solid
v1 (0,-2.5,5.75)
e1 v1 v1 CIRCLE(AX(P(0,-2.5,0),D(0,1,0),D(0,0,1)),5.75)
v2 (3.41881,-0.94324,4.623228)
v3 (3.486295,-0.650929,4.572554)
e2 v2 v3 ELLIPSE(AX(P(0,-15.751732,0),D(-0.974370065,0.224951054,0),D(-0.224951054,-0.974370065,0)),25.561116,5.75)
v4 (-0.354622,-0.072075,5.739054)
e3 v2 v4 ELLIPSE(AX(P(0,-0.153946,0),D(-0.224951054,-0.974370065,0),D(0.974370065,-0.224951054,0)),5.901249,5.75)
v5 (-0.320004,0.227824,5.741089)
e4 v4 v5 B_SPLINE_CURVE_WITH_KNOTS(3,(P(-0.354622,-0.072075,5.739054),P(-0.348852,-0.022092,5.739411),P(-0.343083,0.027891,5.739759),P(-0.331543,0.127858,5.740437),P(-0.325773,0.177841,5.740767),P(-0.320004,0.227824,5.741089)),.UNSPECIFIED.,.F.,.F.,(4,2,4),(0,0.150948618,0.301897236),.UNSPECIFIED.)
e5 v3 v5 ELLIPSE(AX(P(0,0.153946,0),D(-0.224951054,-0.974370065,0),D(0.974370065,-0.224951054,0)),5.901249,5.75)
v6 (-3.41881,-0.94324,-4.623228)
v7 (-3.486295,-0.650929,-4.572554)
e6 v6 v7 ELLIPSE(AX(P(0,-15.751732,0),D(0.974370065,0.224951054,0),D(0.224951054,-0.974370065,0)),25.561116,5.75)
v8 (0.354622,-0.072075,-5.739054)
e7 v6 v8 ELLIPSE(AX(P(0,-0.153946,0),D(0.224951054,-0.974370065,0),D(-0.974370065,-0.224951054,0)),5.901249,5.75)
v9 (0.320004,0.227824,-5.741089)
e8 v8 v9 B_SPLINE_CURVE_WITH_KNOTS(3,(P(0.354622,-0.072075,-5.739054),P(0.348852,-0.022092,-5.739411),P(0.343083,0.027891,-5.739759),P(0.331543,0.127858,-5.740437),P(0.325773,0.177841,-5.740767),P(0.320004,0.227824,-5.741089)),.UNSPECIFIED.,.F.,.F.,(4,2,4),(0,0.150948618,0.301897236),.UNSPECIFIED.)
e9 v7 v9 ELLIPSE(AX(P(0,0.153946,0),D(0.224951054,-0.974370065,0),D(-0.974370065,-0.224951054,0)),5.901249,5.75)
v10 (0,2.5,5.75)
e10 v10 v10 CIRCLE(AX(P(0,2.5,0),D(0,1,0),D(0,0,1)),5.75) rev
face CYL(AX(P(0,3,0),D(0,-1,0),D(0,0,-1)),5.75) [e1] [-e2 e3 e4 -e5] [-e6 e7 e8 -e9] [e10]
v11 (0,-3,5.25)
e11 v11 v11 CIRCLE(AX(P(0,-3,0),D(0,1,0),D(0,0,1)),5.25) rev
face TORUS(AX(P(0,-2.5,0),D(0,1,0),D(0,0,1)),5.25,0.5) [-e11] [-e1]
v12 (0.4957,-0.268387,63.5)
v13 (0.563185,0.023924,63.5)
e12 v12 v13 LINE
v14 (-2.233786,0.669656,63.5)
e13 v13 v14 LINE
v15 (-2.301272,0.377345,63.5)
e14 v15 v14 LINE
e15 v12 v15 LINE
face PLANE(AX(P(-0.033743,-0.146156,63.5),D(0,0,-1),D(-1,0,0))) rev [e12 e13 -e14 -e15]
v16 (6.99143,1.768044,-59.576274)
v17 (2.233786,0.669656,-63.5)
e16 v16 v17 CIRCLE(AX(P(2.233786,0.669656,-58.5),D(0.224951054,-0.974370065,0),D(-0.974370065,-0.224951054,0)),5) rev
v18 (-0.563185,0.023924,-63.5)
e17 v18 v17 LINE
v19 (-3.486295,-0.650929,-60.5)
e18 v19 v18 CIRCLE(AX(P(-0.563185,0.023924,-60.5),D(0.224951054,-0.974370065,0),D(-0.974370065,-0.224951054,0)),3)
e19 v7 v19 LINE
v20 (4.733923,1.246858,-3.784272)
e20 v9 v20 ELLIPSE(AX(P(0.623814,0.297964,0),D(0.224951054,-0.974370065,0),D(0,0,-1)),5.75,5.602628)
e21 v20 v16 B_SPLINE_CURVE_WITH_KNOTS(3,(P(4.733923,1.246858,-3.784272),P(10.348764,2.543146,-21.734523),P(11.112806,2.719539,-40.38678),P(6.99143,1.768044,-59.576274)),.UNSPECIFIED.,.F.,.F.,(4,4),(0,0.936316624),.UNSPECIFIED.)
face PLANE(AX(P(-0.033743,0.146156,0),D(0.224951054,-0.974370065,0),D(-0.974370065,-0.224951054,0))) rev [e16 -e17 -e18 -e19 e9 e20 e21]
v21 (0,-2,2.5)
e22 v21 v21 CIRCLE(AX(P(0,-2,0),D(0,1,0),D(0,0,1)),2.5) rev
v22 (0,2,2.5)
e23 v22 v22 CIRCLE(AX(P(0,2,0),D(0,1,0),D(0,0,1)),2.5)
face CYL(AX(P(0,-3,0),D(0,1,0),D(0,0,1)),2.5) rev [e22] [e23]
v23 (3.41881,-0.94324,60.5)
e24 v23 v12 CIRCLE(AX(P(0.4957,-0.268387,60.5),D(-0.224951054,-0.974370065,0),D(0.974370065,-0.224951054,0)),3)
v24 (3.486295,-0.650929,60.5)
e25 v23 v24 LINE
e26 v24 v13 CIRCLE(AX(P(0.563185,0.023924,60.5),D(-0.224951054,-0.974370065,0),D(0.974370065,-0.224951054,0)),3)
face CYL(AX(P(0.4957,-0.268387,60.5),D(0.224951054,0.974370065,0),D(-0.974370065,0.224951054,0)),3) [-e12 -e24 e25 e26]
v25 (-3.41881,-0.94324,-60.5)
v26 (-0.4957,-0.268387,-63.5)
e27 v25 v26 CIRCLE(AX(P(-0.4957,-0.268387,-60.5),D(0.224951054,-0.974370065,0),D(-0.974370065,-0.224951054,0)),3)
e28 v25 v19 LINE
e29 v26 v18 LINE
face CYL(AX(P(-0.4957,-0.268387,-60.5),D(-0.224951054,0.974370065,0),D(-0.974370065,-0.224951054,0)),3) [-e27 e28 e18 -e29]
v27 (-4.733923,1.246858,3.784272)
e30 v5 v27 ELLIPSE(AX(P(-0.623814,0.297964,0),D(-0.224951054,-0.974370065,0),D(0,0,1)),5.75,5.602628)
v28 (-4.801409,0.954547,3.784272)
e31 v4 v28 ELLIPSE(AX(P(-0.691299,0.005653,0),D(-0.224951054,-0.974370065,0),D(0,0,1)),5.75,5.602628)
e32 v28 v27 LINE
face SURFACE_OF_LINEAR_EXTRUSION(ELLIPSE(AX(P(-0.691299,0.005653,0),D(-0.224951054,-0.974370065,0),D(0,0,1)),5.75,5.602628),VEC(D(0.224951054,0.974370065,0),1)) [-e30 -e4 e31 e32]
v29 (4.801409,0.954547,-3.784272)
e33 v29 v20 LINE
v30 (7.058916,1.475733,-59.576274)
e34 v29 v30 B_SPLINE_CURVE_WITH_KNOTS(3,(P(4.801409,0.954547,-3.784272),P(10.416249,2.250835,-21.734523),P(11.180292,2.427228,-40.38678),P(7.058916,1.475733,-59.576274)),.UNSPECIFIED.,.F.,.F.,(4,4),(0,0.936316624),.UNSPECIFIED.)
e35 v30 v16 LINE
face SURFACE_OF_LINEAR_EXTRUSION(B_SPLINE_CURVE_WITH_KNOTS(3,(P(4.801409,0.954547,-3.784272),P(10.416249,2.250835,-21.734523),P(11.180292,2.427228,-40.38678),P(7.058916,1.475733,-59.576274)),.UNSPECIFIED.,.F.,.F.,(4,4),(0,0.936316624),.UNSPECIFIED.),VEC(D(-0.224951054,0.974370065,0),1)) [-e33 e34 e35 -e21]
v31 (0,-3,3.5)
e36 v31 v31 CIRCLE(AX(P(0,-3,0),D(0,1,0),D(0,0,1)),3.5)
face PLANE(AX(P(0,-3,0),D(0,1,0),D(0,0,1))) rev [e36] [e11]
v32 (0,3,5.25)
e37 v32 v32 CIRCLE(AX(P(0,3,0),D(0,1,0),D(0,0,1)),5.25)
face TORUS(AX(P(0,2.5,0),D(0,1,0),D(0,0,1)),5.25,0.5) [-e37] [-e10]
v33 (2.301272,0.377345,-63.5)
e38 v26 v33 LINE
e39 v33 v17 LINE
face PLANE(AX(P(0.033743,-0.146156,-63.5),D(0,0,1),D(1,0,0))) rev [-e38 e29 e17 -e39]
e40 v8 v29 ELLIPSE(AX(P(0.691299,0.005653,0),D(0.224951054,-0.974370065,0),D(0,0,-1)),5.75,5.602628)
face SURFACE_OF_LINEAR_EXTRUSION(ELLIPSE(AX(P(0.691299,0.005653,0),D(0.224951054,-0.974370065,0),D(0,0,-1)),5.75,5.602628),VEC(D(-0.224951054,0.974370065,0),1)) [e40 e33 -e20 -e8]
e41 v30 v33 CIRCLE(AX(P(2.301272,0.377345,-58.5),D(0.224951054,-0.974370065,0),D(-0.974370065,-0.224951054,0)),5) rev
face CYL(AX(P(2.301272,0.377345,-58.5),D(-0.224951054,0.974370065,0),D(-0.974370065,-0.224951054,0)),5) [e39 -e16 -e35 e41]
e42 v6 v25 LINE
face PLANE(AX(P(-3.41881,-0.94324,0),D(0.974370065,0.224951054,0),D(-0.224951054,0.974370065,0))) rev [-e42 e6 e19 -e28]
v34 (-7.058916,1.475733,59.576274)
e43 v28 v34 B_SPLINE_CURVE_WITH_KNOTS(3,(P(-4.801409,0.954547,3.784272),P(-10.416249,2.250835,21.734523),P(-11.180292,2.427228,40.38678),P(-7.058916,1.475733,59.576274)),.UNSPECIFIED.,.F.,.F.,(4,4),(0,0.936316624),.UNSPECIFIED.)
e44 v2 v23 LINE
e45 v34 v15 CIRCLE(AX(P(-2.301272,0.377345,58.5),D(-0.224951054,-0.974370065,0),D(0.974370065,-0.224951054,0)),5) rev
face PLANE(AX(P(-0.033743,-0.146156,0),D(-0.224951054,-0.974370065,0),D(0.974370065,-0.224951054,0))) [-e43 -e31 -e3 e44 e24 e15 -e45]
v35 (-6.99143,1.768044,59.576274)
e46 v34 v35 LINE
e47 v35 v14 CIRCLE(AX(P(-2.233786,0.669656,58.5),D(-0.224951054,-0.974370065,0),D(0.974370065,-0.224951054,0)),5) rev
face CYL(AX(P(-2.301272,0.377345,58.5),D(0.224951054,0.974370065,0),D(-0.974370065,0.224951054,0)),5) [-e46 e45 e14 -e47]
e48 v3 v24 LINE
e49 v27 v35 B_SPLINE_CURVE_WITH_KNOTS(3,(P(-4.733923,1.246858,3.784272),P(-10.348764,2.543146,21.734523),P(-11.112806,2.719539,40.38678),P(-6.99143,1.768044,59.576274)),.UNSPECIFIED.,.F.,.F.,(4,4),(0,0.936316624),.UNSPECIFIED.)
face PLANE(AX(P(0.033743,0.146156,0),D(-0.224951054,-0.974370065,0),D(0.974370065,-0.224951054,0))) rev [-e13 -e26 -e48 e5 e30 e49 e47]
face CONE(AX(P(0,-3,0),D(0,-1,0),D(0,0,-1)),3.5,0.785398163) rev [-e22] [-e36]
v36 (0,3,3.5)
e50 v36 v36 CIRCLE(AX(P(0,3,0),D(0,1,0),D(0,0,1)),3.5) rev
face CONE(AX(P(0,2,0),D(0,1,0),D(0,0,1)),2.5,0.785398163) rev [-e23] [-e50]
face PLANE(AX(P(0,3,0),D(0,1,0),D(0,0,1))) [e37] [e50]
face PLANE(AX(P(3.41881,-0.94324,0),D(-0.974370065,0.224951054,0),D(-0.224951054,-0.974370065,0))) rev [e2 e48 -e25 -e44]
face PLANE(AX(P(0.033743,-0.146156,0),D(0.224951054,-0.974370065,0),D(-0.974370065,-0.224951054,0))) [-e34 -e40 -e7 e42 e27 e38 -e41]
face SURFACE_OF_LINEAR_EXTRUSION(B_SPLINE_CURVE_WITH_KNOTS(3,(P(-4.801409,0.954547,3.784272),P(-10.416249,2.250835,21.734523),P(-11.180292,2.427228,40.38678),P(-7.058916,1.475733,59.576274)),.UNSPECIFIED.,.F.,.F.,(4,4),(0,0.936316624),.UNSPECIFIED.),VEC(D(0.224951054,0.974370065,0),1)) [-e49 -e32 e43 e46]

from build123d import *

# Parameters (mm, degrees)
SKETCH1_R           = 5.75
BOSS_EXTRUDE1_DEPTH = 3
BOSS_EXTRUDE2_DEPTH = 0.15
CIRPATTERN1_COUNT   = 2
SKETCH4_R           = 2.5
CUT_EXTRUDE1_DEPTH  = 7.0000001
FILLET1_R           = 0.5
CHAMFER1_SIZE       = 1


with BuildPart() as part:
    # Sketch1 → Boss-Extrude1 (new body, symmetric)
    with BuildSketch(Plane(origin=(0, 0, 0), x_dir=(1, 0, 0), z_dir=(0, 1, 0))):
        Circle(SKETCH1_R)
    extrude(amount=BOSS_EXTRUDE1_DEPTH, both=True)

    # Sketch3 → Boss-Extrude2 (add, symmetric)
    with BuildSketch(Plane(origin=(0, 0, 0), x_dir=(0.974370065, -0.224951054, 0), z_dir=(-0.224951054, -0.974370065, 0))):
        with BuildLine():
            add(Edge.make_bspline(
                [(3.543368809, 3.784271818), (1.869103712, 5.75), (-0.674853163, 5.75)],
                knots=[5.430726938, 5.430726938, 5.430726938, 6.283185307, 6.283185307, 6.283185307], degree=2, weights=[1, 0.910531227, 1]))
            Line((3.543368809, 3.784271818), (3.543368809, 60.5))
            ThreePointArc((3.543368809, 60.5), (2.664689152, 62.621320344), (0.543368809, 63.5))
            Line((0.543368809, 63.5), (-2.327174273, 63.5))
            ThreePointArc((-2.327174273, 63.5), (-5.459156928, 62.397522886), (-7.209963904, 59.576273859))
            add(Edge.make_bspline(
                [(-4.893075135, 3.784271818), (-10.655609146, 21.734523113), (-11.43974903, 40.386779673), (-7.209963904, 59.576273859)],
                knots=[0, 0, 0, 0, 0.936316624, 0.936316624, 0.936316624, 0.936316624], degree=3))
            add(Edge.make_bspline(
                [(-0.674853163, 5.75), (-3.218810038, 5.75), (-4.893075135, 3.784271818)],
                knots=[0, 0, 0, 0.852458369, 0.852458369, 0.852458369], degree=2, weights=[1, 0.910531227, 1]))
        make_face()
    boss_extrude2 = extrude(amount=BOSS_EXTRUDE2_DEPTH, both=True)

    # CirPattern1: Boss-Extrude2 ×2 about axis
    cirpattern1_axis = Axis((0, 3, 0), (0, -1, 0))
    for i in range(1, CIRPATTERN1_COUNT):
        add(boss_extrude2.rotate(cirpattern1_axis, i * 360 / CIRPATTERN1_COUNT))

    # Sketch4 → Cut-Extrude1 (cut, through all)
    with BuildSketch(Plane(origin=(0, 3, 0), x_dir=(1, 0, 0), z_dir=(0, 1, 0))):
        Circle(SKETCH4_R)
    extrude(amount=-CUT_EXTRUDE1_DEPTH, mode=Mode.SUBTRACT)

    # Fillet1
    fillet1_edges = [part.edges().sort_by_distance(p)[0] for p in [
        (-5.75, -3, 0),
        (-5.75, 3, 0),
    ]]
    fillet(fillet1_edges, radius=FILLET1_R)

    # Chamfer1
    chamfer1_edges = [part.edges().sort_by_distance(p)[0] for p in [
        (-2.5, -3, 0),
        (-2.5, 3, 0),
    ]]
    chamfer(chamfer1_edges, length=CHAMFER1_SIZE)


solid = part.part
